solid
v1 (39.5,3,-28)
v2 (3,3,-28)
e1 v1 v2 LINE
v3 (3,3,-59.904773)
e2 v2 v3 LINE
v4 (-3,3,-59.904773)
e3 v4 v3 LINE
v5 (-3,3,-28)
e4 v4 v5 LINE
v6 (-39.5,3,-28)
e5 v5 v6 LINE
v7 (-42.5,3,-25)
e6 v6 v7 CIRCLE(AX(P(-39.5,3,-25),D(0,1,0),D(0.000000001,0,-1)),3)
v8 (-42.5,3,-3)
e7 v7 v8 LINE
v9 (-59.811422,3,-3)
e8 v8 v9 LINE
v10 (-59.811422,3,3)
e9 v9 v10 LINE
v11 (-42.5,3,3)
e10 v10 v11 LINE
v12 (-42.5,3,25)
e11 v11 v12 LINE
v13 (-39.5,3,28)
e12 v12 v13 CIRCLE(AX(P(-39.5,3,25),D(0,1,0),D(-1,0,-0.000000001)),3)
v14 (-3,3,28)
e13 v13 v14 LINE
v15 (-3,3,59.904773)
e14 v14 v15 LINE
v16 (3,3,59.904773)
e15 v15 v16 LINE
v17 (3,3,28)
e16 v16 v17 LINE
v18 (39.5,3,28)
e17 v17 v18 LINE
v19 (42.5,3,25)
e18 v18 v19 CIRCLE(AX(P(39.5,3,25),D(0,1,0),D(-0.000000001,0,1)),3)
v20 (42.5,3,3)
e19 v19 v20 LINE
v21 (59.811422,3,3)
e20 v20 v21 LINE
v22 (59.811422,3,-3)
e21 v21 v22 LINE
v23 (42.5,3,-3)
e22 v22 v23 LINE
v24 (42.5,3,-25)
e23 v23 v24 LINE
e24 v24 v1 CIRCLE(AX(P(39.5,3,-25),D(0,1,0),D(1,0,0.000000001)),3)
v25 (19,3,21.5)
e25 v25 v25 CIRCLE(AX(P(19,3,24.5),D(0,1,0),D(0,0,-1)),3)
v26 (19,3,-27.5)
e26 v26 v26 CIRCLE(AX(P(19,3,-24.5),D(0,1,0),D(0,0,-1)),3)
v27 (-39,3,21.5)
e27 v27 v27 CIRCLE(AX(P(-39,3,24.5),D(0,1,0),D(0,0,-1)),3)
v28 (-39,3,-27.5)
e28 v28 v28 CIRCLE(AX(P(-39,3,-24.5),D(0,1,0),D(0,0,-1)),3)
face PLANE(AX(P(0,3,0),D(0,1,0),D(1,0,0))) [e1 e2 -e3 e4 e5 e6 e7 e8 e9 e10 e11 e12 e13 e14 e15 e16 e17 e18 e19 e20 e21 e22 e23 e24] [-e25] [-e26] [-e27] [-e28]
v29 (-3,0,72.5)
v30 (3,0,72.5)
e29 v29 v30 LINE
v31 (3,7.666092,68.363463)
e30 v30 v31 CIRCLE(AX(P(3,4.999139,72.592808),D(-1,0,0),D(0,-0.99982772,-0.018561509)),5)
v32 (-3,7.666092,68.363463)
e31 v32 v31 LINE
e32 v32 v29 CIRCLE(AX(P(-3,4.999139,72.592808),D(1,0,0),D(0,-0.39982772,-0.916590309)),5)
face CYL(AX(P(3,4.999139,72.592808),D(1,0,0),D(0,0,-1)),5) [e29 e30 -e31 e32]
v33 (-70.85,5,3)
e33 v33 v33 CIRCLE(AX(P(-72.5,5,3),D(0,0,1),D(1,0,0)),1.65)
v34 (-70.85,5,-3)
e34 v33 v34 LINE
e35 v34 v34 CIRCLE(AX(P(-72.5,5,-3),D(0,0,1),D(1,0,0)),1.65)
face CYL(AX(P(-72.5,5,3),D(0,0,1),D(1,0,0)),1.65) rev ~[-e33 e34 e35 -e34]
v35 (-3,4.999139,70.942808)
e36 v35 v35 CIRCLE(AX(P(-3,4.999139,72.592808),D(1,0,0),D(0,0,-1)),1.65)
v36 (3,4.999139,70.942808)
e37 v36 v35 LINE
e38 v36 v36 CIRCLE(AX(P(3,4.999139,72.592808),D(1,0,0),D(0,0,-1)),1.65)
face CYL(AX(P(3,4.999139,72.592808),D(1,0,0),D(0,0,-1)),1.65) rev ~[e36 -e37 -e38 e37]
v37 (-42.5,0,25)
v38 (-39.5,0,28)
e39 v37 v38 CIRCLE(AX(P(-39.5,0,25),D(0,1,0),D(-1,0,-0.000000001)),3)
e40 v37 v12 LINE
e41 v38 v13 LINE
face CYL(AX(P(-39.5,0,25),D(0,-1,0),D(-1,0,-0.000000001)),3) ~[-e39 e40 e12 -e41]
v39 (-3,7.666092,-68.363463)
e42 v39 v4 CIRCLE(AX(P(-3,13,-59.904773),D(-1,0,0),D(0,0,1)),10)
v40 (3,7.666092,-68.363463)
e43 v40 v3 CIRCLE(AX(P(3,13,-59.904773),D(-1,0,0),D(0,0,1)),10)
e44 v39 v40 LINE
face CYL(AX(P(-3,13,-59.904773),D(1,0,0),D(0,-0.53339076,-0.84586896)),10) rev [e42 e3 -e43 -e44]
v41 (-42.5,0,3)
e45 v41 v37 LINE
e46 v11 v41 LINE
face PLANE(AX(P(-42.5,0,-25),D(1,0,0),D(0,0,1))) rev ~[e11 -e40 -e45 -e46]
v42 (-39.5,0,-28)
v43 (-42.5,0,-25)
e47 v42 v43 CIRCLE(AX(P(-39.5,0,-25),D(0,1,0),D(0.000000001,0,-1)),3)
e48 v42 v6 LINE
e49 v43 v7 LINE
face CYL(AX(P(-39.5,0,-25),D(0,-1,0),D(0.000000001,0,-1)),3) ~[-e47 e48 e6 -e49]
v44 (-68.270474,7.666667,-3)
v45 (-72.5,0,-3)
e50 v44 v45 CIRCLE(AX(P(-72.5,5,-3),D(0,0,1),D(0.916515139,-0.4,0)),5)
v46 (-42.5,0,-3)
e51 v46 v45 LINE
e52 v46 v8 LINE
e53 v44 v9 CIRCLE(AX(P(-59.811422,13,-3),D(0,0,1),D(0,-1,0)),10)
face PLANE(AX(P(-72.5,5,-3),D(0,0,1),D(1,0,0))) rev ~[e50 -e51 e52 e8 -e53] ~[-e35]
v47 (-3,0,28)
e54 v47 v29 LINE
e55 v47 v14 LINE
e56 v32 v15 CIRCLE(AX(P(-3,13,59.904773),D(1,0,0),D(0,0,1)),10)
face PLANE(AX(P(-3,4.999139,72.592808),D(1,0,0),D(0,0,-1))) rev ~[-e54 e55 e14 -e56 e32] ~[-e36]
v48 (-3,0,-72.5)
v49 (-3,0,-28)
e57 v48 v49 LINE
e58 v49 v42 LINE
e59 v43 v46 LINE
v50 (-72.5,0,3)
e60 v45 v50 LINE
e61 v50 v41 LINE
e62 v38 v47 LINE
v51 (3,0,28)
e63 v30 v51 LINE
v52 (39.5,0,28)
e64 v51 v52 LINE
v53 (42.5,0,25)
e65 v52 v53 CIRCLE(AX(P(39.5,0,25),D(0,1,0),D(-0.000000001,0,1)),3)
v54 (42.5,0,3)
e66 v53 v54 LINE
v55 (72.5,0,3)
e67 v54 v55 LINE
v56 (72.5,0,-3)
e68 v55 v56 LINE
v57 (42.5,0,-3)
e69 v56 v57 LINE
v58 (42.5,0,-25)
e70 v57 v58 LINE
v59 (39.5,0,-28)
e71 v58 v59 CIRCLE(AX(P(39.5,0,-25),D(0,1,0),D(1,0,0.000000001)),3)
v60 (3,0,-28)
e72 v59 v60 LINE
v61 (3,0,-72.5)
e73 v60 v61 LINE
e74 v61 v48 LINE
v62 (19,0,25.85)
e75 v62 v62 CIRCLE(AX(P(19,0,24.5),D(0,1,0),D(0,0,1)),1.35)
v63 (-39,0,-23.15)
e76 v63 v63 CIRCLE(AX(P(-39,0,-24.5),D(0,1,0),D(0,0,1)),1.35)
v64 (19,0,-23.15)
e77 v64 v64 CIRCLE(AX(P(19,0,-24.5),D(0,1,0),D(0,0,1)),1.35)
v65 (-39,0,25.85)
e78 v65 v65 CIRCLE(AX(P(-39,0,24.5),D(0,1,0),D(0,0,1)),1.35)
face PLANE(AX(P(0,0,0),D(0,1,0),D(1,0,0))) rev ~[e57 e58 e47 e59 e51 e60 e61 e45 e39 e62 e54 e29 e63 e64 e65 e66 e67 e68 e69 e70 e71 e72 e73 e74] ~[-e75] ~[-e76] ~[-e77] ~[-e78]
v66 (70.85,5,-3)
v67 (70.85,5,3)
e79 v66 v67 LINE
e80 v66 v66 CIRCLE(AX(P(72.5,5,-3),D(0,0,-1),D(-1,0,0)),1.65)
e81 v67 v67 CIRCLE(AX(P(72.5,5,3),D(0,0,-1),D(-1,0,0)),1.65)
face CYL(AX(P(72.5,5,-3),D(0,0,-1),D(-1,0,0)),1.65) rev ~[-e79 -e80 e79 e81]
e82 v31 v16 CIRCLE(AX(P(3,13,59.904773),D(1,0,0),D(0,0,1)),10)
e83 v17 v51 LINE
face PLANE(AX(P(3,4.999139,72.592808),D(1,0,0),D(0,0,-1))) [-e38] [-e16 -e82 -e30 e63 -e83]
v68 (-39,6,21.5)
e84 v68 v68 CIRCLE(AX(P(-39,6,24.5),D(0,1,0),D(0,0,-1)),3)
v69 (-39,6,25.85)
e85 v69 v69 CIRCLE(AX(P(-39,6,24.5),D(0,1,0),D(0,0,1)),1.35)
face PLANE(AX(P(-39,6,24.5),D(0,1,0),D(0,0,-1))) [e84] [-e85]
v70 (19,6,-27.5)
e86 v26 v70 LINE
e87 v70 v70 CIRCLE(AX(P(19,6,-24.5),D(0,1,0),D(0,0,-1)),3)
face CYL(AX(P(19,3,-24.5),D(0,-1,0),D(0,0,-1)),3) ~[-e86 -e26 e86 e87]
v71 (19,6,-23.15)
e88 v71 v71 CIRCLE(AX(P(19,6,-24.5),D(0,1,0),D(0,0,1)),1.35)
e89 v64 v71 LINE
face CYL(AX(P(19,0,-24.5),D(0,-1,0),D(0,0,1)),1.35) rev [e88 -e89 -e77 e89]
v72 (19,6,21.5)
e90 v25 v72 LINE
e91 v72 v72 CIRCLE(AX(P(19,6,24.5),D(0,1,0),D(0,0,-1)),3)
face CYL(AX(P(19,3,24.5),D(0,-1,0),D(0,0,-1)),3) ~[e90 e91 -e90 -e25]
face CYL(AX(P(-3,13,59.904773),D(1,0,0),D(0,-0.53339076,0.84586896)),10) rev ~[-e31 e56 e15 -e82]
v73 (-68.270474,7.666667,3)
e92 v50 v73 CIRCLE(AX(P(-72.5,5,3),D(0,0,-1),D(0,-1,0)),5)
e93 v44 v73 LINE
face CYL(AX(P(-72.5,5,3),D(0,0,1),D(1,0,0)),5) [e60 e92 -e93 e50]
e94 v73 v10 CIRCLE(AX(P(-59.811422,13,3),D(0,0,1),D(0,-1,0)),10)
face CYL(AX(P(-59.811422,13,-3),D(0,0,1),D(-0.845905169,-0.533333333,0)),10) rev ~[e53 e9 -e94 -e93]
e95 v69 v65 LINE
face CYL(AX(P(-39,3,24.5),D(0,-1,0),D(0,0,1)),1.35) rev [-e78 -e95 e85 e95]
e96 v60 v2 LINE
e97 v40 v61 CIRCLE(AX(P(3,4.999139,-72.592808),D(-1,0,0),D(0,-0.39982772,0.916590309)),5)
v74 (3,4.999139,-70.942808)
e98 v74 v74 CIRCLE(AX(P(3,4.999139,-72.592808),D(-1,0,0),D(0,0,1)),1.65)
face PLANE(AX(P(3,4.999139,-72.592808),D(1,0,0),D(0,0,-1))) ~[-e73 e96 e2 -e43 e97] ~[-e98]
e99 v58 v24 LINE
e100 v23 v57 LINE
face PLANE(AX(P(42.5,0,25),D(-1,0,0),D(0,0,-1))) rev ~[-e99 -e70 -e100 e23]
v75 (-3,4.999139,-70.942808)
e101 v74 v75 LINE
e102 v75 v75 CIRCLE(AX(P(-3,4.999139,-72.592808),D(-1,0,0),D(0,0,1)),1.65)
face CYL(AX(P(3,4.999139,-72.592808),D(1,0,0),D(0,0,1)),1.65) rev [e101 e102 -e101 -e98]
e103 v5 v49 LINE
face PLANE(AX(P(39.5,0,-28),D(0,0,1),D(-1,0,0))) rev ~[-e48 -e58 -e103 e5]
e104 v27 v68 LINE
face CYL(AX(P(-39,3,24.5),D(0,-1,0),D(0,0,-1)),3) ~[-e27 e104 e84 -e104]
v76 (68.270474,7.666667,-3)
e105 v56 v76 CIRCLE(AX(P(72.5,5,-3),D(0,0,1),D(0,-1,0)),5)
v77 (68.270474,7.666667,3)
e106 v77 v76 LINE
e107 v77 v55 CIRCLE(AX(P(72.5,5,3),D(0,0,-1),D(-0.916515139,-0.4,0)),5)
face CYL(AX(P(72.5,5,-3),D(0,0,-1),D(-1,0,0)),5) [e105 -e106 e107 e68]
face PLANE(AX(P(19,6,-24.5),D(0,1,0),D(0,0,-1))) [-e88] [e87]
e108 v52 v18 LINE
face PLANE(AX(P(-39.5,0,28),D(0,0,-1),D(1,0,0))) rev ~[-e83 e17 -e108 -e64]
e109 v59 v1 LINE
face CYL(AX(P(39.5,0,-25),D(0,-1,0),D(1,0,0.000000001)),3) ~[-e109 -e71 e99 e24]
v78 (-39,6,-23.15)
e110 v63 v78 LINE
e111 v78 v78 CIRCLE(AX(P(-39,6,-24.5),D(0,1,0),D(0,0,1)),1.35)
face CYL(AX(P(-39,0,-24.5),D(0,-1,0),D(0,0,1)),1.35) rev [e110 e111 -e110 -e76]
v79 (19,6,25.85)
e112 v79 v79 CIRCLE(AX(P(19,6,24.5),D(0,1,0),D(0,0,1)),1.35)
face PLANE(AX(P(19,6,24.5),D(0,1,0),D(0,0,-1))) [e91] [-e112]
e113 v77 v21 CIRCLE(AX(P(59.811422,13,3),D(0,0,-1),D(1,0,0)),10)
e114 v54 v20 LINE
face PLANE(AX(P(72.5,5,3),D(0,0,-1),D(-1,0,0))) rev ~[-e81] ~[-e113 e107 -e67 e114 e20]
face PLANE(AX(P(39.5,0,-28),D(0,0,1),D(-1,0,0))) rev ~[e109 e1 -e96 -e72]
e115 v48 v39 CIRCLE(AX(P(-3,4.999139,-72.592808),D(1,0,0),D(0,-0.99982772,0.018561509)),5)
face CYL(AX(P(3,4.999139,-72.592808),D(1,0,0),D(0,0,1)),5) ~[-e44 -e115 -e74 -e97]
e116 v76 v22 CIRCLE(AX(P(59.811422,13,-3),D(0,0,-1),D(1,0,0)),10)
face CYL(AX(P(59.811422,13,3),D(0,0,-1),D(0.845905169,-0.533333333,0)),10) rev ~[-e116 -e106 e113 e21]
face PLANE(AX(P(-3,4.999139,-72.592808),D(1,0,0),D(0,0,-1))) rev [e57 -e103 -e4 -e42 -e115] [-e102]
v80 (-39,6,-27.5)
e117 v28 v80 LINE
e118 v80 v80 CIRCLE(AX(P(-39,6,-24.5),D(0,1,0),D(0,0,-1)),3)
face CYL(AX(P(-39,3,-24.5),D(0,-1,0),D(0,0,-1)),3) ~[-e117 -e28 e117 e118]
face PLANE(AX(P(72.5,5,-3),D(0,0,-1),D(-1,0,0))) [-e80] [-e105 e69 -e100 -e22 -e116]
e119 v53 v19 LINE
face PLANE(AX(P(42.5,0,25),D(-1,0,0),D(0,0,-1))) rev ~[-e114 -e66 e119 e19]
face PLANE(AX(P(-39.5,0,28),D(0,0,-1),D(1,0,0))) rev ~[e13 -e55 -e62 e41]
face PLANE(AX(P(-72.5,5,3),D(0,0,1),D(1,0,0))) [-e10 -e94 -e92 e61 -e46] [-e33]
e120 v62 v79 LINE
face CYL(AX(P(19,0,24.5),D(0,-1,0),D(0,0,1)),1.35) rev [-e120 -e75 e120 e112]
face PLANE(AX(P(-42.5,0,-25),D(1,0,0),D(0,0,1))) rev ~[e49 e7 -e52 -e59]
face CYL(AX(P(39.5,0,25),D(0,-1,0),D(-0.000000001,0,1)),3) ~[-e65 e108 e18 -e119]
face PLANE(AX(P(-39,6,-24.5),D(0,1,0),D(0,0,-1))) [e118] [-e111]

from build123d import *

# Parameters (mm, degrees)
SKETCH1_R                = 1.35
BOSS_EXTRUDE1_DEPTH      = 3
BOSS_EXTRUDE3_DEPTH      = 3
SKETCH2_R                = 3
SKETCH2_R_2              = 1.35
BOSS_EXTRUDE2_DEPTH      = 3
SKETCH4_R                = 5
SKETCH4_R_2              = 1.65
BOSS_EXTRUDE4_DEPTH      = 6
FILLET1_R                = 10
SKETCH6_R                = 5
SKETCH6_R_2              = 1.65
BOSS_EXTRUDE5_DEPTH      = 6
FILLET2_R                = 10
CIRPATTERN4_COUNT        = 2
FILLET1_OF_CIRPATTERN4_R = 10
FILLET2_OF_MIRROR1_R     = 10


with BuildPart() as part:
    # Sketch1 → Boss-Extrude1 (new body)
    with BuildSketch(Plane(origin=(0, 0, 0), x_dir=(1, 0, 0), z_dir=(0, 1, 0))):
        with BuildLine():
            Line((-39.5, -28), (39.5, -28))
            ThreePointArc((39.5, -28), (41.621320344, -27.121320344), (42.5, -25))
            Line((42.5, -25), (42.5, 25))
            ThreePointArc((42.5, 25), (41.621320344, 27.121320344), (39.5, 28))
            Line((39.5, 28), (-39.5, 28))
            ThreePointArc((-39.5, 28), (-41.621320344, 27.121320344), (-42.5, 25))
            Line((-42.5, 25), (-42.5, -25))
            ThreePointArc((-42.5, -25), (-41.621320344, -27.121320344), (-39.5, -28))
        make_face()
        with Locations(Location((-39, -24.5, 0), (0, 0, 270))):
            Circle(SKETCH1_R, mode=Mode.SUBTRACT)
        with Locations(Location((-39, 24.5, 0), (0, 0, 270))):
            Circle(SKETCH1_R, mode=Mode.SUBTRACT)
        with Locations(Location((19, 24.5, 0), (0, 0, 270))):
            Circle(SKETCH1_R, mode=Mode.SUBTRACT)
        with Locations(Location((19, -24.5, 0), (0, 0, 270))):
            Circle(SKETCH1_R, mode=Mode.SUBTRACT)
    extrude(amount=BOSS_EXTRUDE1_DEPTH)

    # Sketch3 → Boss-Extrude3 (add)
    with BuildSketch(Plane(origin=(0, 3, 0), x_dir=(1, 0, 0), z_dir=(0, 1, 0))):
        Polygon((-3, 3), (-72.5, 3), (-72.5, -3), (-3, -3), (-3, -72.5), (3, -72.5), (3, -3), (72.5, -3), (72.5, 3), (3, 3), (3, 72.5), (-3, 72.5), align=None)
    boss_extrude3 = extrude(amount=-BOSS_EXTRUDE3_DEPTH)

    # Sketch2 → Boss-Extrude2 (add)
    # profile 1 of 4: a face of its own
    with BuildSketch(Plane(origin=(0, 3, 0), x_dir=(1, 0, 0), z_dir=(0, 1, 0))):
        with Locations(Location((-39, -24.5, 0), (0, 0, 90))):
            Circle(SKETCH2_R)
        with Locations(Location((-39, -24.5, 0), (0, 0, 270))):
            Circle(SKETCH2_R_2, mode=Mode.SUBTRACT)
    # profile 2 of 4: a face of its own
    with BuildSketch(Plane(origin=(0, 3, 0), x_dir=(1, 0, 0), z_dir=(0, 1, 0))):
        with Locations(Location((-39, 24.5, 0), (0, 0, 90))):
            Circle(SKETCH2_R)
        with Locations(Location((-39, 24.5, 0), (0, 0, 270))):
            Circle(SKETCH2_R_2, mode=Mode.SUBTRACT)
    # profile 3 of 4: a face of its own
    with BuildSketch(Plane(origin=(0, 3, 0), x_dir=(1, 0, 0), z_dir=(0, 1, 0))):
        with Locations(Location((19, 24.5, 0), (0, 0, 90))):
            Circle(SKETCH2_R)
        with Locations(Location((19, 24.5, 0), (0, 0, 270))):
            Circle(SKETCH2_R_2, mode=Mode.SUBTRACT)
    # profile 4 of 4: a face of its own
    with BuildSketch(Plane(origin=(0, 3, 0), x_dir=(1, 0, 0), z_dir=(0, 1, 0))):
        with Locations(Location((19, -24.5, 0), (0, 0, 90))):
            Circle(SKETCH2_R)
        with Locations(Location((19, -24.5, 0), (0, 0, 270))):
            Circle(SKETCH2_R_2, mode=Mode.SUBTRACT)
    extrude(amount=BOSS_EXTRUDE2_DEPTH)

    # Sketch4 → Boss-Extrude4 (add)
    with BuildSketch(Plane.XY.offset(3)):
        with Locations((-72.5, 5)):
            Circle(SKETCH4_R)
        with Locations((-72.5, 5)):
            Circle(SKETCH4_R_2, mode=Mode.SUBTRACT)
    boss_extrude4 = extrude(amount=-BOSS_EXTRUDE4_DEPTH)

    # Fillet1
    fillet1_edges = [part.edges().sort_by_distance(p)[0] for p in [
        (-67.917424305, 3, 0),
    ]]
    fillet(fillet1_edges, radius=FILLET1_R)

    # Sketch6 → Boss-Extrude5 (add)
    with BuildSketch(Plane(origin=(3, 0, 0), x_dir=(0, 0, -1), z_dir=(1, 0, 0))):
        with Locations((-72.592807544, 4.999138602)):
            Circle(SKETCH6_R)
        with Locations((-72.592807544, 4.999138602)):
            Circle(SKETCH6_R_2, mode=Mode.SUBTRACT)
    boss_extrude5 = extrude(amount=-BOSS_EXTRUDE5_DEPTH)

    # Fillet2
    fillet2_edges = [part.edges().sort_by_distance(p)[0] for p in [
        (0, 3, 68.009856001),
    ]]
    fillet(fillet2_edges, radius=FILLET2_R)

    # CirPattern4: Boss-Extrude3, Boss-Extrude4 ×2 about axis
    cirpattern4_axis = Axis((0, 0, 0), (0, 1, 0))
    add([boss_extrude3.rotate(cirpattern4_axis, i * 360 / CIRPATTERN4_COUNT) for i in range(1, CIRPATTERN4_COUNT)])
    add([boss_extrude4.rotate(cirpattern4_axis, i * 360 / CIRPATTERN4_COUNT) for i in range(1, CIRPATTERN4_COUNT)])

    # Fillet1 of CirPattern4
    fillet1_of_cirpattern4_edges = [part.edges().sort_by_distance(p)[0] for p in [
        (67.917424305, 3, 0),
    ]]
    fillet(fillet1_of_cirpattern4_edges, radius=FILLET1_OF_CIRPATTERN4_R)

    # Mirror1: Boss-Extrude5 across plane
    add(boss_extrude5.mirror(Plane.XY))

    # Fillet2 of Mirror1
    fillet2_of_mirror1_edges = [part.edges().sort_by_distance(p)[0] for p in [
        (0, 3, -68.009856001),
    ]]
    fillet(fillet2_of_mirror1_edges, radius=FILLET2_OF_MIRROR1_R)


solid = part.part
